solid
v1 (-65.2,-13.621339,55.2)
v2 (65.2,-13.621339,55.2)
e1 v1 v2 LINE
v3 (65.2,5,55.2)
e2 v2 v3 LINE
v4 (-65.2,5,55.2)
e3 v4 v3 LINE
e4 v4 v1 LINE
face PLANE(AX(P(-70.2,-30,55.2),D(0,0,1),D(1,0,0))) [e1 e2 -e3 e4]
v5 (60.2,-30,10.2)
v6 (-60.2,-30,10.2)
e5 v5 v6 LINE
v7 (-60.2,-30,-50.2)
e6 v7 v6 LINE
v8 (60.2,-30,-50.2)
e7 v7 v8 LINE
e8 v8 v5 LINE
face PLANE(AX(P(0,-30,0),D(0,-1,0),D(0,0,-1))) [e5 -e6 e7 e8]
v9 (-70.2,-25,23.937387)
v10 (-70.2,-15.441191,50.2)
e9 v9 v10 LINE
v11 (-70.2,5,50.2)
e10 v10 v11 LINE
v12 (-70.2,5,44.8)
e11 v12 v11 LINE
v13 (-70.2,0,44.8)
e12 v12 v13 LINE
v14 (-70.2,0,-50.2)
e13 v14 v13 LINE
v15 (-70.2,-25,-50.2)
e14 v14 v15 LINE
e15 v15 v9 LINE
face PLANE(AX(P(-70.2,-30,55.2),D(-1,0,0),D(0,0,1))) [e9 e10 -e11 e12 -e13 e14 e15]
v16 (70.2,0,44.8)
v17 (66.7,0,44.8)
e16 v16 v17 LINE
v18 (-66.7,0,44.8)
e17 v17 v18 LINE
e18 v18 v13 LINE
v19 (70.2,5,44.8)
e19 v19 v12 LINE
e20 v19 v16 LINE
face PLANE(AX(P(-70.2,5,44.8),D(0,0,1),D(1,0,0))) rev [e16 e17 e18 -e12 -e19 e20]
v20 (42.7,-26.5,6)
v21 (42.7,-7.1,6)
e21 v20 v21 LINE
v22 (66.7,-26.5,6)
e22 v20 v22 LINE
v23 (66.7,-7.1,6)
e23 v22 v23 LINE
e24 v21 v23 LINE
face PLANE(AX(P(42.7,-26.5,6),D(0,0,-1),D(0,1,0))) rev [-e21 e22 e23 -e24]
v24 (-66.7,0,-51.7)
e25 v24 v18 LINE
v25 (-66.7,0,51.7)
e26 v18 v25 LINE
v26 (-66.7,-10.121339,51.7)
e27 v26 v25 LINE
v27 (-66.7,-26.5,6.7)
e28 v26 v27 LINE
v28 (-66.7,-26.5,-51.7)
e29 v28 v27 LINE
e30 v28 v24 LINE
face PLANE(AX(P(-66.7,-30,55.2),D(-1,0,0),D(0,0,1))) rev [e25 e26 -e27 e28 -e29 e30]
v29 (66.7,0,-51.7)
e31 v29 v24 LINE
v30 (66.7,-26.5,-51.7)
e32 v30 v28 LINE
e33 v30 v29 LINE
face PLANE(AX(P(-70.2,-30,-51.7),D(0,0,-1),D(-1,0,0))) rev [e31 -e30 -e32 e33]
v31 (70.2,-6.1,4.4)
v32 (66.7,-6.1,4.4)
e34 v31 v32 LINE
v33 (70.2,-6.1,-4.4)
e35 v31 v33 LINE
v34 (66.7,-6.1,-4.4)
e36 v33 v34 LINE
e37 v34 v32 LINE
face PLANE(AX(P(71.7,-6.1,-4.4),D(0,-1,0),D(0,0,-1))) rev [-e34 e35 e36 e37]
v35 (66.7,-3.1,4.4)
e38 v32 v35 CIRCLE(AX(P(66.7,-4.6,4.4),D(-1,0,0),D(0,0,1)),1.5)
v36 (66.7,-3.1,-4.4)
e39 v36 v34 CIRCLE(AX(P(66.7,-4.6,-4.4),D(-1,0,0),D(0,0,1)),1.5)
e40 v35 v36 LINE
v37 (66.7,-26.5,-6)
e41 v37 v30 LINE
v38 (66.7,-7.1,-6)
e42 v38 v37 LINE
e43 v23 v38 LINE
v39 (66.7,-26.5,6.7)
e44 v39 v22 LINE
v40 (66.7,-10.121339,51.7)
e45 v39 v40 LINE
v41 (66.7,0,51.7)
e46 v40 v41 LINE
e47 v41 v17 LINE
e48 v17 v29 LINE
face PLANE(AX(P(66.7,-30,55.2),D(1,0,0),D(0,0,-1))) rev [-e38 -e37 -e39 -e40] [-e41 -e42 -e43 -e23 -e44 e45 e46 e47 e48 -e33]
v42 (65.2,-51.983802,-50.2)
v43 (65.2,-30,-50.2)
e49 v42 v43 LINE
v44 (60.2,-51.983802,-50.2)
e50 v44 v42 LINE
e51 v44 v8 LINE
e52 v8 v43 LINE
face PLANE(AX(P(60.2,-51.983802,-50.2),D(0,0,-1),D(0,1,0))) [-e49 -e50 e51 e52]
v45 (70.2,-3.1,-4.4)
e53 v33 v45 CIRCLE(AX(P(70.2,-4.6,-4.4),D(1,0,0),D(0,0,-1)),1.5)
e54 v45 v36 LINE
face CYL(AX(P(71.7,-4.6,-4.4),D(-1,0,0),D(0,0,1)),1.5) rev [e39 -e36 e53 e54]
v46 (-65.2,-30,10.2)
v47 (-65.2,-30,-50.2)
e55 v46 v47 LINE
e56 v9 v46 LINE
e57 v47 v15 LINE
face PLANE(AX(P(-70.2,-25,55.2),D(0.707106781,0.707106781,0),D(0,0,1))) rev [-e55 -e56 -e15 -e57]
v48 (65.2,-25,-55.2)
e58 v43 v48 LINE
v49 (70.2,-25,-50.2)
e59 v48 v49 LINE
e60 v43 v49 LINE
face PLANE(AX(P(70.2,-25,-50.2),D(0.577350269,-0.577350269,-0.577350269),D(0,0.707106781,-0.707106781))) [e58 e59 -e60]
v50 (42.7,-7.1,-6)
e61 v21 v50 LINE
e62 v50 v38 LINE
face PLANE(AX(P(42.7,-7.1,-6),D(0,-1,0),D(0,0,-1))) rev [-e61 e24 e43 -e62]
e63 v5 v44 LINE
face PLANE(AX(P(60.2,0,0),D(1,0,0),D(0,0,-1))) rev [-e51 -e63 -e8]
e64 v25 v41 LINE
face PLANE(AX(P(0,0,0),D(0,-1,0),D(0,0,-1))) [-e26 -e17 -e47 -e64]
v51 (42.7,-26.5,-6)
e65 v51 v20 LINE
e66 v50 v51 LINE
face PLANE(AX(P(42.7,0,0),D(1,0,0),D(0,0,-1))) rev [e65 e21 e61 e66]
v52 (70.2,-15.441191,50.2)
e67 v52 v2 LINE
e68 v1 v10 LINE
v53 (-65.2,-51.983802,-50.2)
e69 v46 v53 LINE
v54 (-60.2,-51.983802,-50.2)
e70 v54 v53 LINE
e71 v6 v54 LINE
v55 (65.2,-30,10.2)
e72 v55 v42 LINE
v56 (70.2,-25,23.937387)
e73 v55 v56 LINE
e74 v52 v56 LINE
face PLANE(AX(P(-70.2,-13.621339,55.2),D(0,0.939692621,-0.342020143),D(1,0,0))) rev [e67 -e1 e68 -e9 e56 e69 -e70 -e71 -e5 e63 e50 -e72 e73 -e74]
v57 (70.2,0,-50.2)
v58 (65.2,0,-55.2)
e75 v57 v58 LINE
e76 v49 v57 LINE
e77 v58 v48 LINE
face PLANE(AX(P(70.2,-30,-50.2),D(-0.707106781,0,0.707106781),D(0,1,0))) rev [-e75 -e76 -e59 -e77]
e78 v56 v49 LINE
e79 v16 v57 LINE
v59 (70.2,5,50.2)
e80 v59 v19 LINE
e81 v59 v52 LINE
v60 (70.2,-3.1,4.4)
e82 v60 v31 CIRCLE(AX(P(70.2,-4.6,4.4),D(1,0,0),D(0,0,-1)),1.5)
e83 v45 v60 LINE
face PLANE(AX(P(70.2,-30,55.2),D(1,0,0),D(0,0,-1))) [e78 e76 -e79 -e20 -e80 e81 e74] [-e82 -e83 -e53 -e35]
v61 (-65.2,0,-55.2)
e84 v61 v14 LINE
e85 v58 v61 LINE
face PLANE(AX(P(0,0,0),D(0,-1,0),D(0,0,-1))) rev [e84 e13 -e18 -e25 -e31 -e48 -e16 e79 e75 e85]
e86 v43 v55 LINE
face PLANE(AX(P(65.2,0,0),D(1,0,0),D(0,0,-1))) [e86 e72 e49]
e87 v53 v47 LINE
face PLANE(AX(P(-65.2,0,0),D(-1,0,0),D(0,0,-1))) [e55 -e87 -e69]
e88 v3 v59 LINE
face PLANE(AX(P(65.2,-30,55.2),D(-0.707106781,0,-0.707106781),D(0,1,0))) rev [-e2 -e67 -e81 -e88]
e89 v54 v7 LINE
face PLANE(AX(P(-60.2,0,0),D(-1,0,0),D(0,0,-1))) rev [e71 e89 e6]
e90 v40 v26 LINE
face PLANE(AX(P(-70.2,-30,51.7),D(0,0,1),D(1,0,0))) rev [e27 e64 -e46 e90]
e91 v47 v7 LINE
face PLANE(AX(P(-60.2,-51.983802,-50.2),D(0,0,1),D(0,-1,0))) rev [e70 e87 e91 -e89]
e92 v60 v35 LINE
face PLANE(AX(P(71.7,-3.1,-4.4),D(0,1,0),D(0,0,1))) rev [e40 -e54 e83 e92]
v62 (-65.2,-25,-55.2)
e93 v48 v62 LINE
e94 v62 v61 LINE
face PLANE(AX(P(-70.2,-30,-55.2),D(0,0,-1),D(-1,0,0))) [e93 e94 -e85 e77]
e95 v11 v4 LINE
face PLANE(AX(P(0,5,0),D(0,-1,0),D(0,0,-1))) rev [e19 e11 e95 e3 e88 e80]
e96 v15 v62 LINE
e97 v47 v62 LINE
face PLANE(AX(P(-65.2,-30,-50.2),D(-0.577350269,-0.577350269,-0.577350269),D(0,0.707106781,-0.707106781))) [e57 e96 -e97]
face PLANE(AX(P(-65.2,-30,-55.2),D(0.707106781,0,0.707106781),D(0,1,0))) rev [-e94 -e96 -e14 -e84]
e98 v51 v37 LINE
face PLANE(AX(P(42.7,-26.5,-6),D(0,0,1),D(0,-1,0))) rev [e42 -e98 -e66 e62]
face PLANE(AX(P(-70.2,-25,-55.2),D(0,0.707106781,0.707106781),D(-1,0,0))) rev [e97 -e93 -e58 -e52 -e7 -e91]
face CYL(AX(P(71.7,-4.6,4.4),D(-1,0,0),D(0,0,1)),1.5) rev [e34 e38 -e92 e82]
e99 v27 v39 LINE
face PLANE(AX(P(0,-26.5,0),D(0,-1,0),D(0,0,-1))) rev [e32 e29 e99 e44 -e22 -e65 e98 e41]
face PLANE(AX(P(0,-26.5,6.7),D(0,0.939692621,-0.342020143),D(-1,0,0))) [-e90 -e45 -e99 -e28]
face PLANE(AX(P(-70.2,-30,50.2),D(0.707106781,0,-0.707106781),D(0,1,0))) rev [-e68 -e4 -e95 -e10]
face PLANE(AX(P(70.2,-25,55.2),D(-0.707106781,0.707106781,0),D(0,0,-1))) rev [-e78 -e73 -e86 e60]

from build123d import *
from OCP.BRepFilletAPI import BRepFilletAPI_MakeChamfer

# Parameters (mm, degrees)
SKETCH1_W           = 140.4
SKETCH1_H           = 110.4
BOSS_EXTRUDE1_DEPTH = 30
SHELL1_T            = -3.5
SKETCH2_W           = 140.4
SKETCH2_H           = 10.4
BOSS_EXTRUDE2_DEPTH = 5
CUT_EXTRUDE3_DEPTH  = 5
SKETCH5_W           = 12
SKETCH5_H           = 19.4
BOSS_EXTRUDE3_DEPTH = 24
CHAMFER1_SIZE       = 45
CHAMFER1_SIZE2      = 16.378660542
CHAMFER3_SIZE       = 5
BOSS_EXTRUDE5_DEPTH = 5


with BuildPart() as part:
    # Sketch1 → Boss-Extrude1 (new body)
    with BuildSketch(Plane(origin=(0, 0, 0), x_dir=(1, 0, 0), z_dir=(0, 1, 0))):
        Rectangle(SKETCH1_W, SKETCH1_H)
    extrude(amount=-BOSS_EXTRUDE1_DEPTH)

    # Shell1
    shell1_openings = [part.faces().sort_by_distance(p)[0] for p in [
        (0, 0, 0),
    ]]
    offset(amount=SHELL1_T, openings=shell1_openings, kind=Kind.INTERSECTION)

    # Sketch2 → Boss-Extrude2 (add)
    with BuildSketch(Plane(origin=(0, 0, 0), x_dir=(1, 0, 0), z_dir=(0, 1, 0))):
        with Locations((0, -50)):
            Rectangle(SKETCH2_W, SKETCH2_H)
    extrude(amount=BOSS_EXTRUDE2_DEPTH)

    # Sketch6 → Cut-Extrude3 (cut)
    with BuildSketch(Plane.ZY.offset(-66.7)):
        with BuildLine():
            Line((-4.4, -3.1), (4.4, -3.1))
            ThreePointArc((4.4, -3.1), (5.9, -4.6), (4.4, -6.1))
            Line((4.4, -6.1), (-4.4, -6.1))
            ThreePointArc((-4.4, -6.1), (-5.9, -4.6), (-4.4, -3.1))
        make_face()
    extrude(amount=-CUT_EXTRUDE3_DEPTH, mode=Mode.SUBTRACT)

    # Sketch5 → Boss-Extrude3 (add)
    with BuildSketch(Plane.ZY.offset(-66.7)):
        with Locations((0, -16.8)):
            Rectangle(SKETCH5_W, SKETCH5_H)
    extrude(amount=BOSS_EXTRUDE3_DEPTH)

    # Chamfer1: one chamfer whose edges measure the first distance from different faces: ONE call of the kernel's chamfer builder (chamfer() names one face for all edges)
    chamfer1_edges_1 = [part.edges().sort_by_distance(p)[0] for p in [
        (0, -26.5, 51.7),
    ]]
    chamfer1_side_1 = [part.faces().sort_by_distance(p)[0] for p in [
        (-1.166452928, -26.5, 0),
    ]]
    chamfer1_edges_2 = [part.edges().sort_by_distance(p)[0] for p in [
        (0, -30, 55.2),
    ]]
    chamfer1_side_2 = [part.faces().sort_by_distance(p)[0] for p in [
        (0, -30, 0),
    ]]
    chamfer1 = BRepFilletAPI_MakeChamfer(part.part.solid().wrapped)
    for e in chamfer1_edges_1:
        chamfer1.Add(CHAMFER1_SIZE, CHAMFER1_SIZE2, e.wrapped, chamfer1_side_1[0].wrapped)  # the first distance lies on this face
    for e in chamfer1_edges_2:
        chamfer1.Add(CHAMFER1_SIZE, CHAMFER1_SIZE2, e.wrapped, chamfer1_side_2[0].wrapped)  # the first distance lies on this face
    add(Compound.cast(chamfer1.Shape()), mode=Mode.REPLACE)

    # Chamfer3
    chamfer3_edges = [part.edges().sort_by_distance(p)[0] for p in [
        (-70.2, -30, -22.5),
        (-70.2, -15, -55.2),
        (70.2, -15, -55.2),
        (70.2, -4.310669729, 55.2),
        (-70.2, -4.310669729, 55.2),
        (70.2, -30, -22.5),
        (0, -30, -55.2),
    ]]
    chamfer(chamfer3_edges, length=CHAMFER3_SIZE)

    # Sketch10 → Boss-Extrude5 (add)
    with BuildSketch(Plane(origin=(65.2, 0, 0), x_dir=(0, 0, 1), z_dir=(1, 0, 0))):
        Polygon((-50.2, 30), (10.2, 30), (-50.2, 51.98380215), align=None)
    boss_extrude5 = extrude(amount=-BOSS_EXTRUDE5_DEPTH)

    # Mirror1: Boss-Extrude5 across plane
    add(boss_extrude5.mirror(Plane(origin=(0, 0, 0), x_dir=(0, 0, 1), z_dir=(1, 0, 0))))


solid = part.part
